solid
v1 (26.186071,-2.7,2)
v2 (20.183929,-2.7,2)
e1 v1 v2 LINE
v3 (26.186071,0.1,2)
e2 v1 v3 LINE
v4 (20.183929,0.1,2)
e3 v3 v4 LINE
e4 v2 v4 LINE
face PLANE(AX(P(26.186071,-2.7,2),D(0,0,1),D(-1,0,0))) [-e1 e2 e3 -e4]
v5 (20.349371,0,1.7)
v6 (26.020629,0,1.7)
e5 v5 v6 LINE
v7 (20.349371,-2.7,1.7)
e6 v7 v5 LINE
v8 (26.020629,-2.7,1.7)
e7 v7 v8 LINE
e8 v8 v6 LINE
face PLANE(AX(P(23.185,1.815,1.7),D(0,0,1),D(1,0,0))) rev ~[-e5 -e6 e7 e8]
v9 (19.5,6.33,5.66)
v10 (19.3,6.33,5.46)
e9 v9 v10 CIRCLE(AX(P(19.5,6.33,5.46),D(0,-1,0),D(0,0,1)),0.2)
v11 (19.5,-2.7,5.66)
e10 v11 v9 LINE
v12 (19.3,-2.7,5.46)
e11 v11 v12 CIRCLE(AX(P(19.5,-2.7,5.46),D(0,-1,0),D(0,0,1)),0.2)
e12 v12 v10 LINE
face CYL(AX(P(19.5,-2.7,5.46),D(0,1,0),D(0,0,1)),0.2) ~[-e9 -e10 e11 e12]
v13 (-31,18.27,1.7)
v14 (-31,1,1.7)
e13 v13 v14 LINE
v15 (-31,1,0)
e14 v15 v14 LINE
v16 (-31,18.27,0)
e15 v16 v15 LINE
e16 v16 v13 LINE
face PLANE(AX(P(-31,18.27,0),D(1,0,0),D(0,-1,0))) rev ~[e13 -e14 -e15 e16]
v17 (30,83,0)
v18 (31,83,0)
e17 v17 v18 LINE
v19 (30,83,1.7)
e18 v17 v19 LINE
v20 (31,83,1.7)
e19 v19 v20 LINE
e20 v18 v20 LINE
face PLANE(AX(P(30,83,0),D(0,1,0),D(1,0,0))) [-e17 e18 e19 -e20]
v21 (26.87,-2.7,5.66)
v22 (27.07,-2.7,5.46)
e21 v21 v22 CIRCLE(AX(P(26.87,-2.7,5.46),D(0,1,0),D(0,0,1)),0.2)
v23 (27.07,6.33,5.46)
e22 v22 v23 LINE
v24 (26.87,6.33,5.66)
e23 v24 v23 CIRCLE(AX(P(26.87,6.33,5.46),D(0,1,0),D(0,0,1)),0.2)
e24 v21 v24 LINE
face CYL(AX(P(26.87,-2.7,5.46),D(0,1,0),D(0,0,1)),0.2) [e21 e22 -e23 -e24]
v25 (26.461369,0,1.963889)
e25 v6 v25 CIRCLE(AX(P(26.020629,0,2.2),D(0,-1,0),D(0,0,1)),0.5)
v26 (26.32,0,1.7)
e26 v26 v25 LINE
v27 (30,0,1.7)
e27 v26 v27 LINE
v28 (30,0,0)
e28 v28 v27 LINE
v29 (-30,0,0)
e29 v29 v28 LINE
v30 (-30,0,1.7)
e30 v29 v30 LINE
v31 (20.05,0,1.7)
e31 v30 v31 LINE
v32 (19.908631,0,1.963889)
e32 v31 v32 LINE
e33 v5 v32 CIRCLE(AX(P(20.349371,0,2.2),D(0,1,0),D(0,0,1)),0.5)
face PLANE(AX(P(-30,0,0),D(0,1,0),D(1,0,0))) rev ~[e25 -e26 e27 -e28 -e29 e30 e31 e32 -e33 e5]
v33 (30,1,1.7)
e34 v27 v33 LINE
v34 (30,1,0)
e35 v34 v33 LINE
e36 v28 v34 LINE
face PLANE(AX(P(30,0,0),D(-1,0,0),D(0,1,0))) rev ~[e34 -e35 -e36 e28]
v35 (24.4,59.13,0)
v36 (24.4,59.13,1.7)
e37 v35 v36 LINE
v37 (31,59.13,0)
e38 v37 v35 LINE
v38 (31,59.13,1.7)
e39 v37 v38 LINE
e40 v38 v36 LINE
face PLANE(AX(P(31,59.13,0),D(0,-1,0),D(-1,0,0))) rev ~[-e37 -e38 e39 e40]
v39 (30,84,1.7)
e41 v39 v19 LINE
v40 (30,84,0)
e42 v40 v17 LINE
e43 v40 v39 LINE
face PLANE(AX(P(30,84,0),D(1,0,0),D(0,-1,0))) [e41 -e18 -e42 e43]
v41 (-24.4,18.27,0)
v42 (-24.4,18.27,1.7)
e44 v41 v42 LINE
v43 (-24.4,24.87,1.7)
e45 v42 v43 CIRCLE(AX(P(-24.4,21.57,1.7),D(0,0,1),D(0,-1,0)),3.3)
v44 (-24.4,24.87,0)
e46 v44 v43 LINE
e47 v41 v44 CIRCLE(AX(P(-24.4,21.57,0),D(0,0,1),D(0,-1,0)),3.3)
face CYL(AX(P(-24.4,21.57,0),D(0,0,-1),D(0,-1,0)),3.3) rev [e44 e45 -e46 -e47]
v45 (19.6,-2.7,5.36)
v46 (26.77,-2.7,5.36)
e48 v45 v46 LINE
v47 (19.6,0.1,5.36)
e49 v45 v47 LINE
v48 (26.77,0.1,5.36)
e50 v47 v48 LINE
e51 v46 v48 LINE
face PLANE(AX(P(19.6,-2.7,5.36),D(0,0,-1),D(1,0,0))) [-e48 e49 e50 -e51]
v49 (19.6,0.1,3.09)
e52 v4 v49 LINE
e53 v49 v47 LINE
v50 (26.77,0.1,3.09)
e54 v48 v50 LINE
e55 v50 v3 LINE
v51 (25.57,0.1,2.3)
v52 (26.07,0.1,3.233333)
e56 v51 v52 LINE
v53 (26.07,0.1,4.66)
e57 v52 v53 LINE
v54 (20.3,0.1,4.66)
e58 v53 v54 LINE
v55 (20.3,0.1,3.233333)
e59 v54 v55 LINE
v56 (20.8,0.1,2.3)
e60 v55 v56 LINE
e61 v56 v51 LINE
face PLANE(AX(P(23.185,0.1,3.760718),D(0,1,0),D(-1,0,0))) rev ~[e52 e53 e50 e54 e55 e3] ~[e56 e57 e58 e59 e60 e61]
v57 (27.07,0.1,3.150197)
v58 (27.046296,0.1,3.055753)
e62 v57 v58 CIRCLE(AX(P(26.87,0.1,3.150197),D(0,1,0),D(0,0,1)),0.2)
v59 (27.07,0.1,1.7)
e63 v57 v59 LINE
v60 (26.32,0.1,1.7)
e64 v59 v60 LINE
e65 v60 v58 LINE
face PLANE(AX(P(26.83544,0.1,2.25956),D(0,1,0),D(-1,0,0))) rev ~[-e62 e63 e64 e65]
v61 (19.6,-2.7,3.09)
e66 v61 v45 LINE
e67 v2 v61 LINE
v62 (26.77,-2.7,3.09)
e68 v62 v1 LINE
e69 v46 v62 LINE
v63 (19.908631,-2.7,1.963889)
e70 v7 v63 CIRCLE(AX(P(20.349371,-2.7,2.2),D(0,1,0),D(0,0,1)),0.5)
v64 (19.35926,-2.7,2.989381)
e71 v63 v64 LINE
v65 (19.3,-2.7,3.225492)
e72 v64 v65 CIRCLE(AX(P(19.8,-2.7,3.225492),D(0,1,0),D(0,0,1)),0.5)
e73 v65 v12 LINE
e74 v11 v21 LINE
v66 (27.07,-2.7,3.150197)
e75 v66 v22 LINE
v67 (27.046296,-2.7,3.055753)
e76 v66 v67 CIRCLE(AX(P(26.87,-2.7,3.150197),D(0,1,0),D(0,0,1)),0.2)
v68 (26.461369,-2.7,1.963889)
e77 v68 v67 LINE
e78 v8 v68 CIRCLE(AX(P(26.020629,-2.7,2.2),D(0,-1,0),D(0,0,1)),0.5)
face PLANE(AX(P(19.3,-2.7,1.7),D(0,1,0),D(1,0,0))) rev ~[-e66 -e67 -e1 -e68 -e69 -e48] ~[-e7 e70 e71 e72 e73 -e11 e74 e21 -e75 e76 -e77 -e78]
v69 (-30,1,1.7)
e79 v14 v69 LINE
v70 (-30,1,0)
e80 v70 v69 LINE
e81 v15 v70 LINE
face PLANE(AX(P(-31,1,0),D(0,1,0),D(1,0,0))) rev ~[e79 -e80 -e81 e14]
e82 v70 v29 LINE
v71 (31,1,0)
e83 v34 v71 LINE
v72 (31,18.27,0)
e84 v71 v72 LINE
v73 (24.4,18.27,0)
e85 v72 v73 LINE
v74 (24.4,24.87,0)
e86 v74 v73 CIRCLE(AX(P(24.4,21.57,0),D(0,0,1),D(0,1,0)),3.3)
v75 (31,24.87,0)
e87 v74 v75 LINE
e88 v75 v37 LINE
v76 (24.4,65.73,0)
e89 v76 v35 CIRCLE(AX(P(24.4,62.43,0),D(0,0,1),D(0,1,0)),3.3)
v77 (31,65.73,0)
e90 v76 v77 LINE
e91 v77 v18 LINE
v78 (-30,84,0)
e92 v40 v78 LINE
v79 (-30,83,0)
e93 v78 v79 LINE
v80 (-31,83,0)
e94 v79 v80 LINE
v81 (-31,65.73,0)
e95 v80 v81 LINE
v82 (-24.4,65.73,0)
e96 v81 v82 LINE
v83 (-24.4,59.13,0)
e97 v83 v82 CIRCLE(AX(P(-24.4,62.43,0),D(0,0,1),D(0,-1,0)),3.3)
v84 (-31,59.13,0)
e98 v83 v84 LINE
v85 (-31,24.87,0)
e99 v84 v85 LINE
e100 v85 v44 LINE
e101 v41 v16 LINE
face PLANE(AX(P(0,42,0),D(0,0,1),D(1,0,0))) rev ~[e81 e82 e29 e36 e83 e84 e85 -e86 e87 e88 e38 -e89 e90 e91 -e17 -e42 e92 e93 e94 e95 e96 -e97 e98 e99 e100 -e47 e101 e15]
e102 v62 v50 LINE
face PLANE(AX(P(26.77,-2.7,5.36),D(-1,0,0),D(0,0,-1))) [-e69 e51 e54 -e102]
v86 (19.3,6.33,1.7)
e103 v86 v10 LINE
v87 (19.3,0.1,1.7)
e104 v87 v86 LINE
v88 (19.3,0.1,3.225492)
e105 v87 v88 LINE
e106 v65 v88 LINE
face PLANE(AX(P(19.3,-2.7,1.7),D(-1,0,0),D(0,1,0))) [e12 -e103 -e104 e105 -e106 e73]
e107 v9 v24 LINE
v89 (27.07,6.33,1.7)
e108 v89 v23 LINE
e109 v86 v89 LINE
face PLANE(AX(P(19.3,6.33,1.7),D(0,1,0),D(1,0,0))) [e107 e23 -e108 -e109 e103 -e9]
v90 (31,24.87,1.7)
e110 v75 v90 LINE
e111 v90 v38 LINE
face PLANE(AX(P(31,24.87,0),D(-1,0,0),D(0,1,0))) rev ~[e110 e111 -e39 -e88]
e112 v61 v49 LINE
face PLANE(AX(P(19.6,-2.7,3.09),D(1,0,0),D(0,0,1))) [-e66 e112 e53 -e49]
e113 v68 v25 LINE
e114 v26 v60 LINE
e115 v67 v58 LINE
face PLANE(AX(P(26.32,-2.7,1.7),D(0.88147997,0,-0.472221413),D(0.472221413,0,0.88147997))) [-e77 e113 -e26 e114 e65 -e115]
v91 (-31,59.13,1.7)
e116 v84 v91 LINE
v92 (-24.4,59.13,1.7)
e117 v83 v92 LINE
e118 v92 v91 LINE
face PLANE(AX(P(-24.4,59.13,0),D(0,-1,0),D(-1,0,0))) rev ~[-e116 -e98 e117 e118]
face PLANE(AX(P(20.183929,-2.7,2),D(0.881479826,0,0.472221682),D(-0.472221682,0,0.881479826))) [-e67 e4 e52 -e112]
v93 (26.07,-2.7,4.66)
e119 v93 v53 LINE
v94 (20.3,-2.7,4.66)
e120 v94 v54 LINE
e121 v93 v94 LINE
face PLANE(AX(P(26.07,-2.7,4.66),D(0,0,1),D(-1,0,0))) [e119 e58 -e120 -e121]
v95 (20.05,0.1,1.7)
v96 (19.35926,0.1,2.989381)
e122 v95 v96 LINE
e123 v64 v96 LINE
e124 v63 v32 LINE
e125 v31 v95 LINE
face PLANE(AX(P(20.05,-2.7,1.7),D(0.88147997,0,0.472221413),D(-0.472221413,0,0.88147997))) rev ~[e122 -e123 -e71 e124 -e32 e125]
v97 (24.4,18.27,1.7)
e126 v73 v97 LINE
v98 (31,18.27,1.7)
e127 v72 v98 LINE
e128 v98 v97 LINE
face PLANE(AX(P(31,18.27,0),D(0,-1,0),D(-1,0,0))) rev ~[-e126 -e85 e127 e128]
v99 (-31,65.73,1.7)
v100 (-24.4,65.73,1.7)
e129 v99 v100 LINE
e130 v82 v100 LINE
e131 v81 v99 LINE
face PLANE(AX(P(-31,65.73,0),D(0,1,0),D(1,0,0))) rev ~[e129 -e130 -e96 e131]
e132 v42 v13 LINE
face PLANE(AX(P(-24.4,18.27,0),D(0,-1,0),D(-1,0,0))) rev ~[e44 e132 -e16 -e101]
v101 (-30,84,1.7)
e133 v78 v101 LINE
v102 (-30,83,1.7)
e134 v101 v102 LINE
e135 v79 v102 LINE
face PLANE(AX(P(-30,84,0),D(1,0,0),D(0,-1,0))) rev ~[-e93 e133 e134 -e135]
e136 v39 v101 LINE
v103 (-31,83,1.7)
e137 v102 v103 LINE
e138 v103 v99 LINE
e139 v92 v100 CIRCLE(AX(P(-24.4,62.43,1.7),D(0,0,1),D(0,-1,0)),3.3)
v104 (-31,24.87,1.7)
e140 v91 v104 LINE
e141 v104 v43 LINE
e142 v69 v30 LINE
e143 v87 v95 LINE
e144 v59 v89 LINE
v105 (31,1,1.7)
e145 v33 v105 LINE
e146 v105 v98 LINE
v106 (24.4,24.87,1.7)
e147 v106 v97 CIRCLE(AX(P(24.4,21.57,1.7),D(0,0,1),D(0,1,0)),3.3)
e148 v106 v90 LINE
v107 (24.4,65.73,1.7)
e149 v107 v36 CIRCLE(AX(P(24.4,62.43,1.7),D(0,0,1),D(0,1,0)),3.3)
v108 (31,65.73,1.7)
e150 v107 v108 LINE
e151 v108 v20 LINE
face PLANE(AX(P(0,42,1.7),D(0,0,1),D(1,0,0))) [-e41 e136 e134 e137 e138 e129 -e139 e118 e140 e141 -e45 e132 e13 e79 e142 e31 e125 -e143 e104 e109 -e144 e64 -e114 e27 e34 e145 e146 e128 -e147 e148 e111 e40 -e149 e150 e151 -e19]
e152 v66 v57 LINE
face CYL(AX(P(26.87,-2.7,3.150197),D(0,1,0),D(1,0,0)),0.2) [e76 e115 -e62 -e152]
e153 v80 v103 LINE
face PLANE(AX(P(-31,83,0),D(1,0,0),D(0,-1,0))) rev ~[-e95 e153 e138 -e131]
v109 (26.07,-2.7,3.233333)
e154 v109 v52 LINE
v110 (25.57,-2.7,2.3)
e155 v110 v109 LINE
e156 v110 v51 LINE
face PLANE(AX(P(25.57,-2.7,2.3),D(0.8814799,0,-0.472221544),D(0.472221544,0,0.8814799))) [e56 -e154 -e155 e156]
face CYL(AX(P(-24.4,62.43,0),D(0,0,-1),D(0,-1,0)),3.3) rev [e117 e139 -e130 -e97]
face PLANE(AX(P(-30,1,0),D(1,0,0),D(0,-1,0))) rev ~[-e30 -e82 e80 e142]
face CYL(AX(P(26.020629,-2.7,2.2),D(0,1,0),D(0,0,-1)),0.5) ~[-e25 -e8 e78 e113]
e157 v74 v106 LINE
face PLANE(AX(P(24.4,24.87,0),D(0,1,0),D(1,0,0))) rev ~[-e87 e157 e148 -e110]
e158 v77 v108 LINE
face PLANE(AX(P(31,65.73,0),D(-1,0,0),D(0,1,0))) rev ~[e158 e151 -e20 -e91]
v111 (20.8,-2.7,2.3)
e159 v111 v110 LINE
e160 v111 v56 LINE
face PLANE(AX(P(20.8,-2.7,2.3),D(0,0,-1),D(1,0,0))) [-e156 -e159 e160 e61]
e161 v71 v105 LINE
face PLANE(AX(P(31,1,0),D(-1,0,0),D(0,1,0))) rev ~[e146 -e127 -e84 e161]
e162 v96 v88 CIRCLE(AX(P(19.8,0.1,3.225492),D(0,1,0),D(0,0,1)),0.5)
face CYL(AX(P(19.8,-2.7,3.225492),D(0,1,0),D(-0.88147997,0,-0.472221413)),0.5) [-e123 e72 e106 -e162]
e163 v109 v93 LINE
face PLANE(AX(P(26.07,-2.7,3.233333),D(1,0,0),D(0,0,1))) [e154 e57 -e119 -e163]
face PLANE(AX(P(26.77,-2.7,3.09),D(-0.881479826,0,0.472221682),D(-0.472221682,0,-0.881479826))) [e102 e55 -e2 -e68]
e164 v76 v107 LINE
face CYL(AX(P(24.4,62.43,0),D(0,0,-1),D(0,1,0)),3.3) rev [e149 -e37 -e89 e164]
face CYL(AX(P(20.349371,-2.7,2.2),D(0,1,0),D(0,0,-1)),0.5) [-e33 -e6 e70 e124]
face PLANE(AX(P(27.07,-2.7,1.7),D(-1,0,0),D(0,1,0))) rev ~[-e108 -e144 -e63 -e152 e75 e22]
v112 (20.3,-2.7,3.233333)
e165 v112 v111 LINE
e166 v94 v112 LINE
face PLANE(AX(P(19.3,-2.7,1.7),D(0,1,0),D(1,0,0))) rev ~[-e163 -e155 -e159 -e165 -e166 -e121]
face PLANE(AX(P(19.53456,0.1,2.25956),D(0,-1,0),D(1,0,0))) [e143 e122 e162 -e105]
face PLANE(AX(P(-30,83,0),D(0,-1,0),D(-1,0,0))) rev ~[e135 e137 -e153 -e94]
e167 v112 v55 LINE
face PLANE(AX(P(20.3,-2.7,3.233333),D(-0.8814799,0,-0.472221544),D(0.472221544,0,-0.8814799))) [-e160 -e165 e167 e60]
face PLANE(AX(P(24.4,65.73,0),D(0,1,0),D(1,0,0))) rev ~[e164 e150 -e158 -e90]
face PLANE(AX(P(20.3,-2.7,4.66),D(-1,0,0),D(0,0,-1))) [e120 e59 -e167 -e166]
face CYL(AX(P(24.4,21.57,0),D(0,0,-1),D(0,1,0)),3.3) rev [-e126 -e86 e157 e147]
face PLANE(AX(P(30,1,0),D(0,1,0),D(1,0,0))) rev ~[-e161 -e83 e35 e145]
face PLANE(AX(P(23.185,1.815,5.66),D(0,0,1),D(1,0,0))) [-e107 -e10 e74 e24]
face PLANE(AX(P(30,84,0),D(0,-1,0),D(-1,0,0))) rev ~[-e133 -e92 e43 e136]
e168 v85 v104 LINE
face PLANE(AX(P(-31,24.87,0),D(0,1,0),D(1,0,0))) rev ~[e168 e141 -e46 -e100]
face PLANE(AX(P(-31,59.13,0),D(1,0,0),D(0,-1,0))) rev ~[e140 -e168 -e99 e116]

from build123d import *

# Parameters (mm, degrees)
PAD_DEPTH    = 1.7
SKETCH005_W  = 7.77
SKETCH005_H  = 9.03
PAD006_DEPTH = 3.96
POCKET_DEPTH = 2.8
FILLET_R     = 0.2
FILLET001_R  = 0.2
FILLET007_R  = 0.2
FILLET008_R  = 0.5
FILLET009_R  = 0.5


with BuildPart() as part:
    # Sketch → Pad (new body)
    with BuildSketch(Plane.XY):
        with BuildLine():
            Line((0, 0), (30, 0))
            Line((30, 0), (30, 1))
            Line((30, 1), (31, 1))
            Line((31, 1), (31, 18.27))
            Line((31, 18.27), (24.4, 18.27))
            ThreePointArc((24.4, 24.87), (21.1, 21.57), (24.4, 18.27))
            Line((24.4, 24.87), (31, 24.87))
            Line((31, 24.87), (31, 59.13))
            Line((31, 59.13), (24.4, 59.13))
            ThreePointArc((24.4, 65.73), (21.1, 62.43), (24.4, 59.13))
            Line((24.4, 65.73), (31, 65.73))
            Line((31, 65.73), (31, 83))
            Line((30, 83), (31, 83))
            Line((30, 84), (30, 83))
            Line((30, 84), (0, 84))
            Line((0, 84), (-30, 84))
            Line((-30, 84), (-30, 83))
            Line((-30, 83), (-31, 83))
            Line((-31, 83), (-31, 65.73))
            Line((-31, 65.73), (-24.4, 65.73))
            ThreePointArc((-24.4, 59.13), (-21.1, 62.43), (-24.4, 65.73))
            Line((-24.4, 59.13), (-31, 59.13))
            Line((-31, 59.13), (-31, 24.87))
            Line((-31, 24.87), (-24.4, 24.87))
            ThreePointArc((-24.4, 18.27), (-21.1, 21.57), (-24.4, 24.87))
            Line((-24.4, 18.27), (-31, 18.27))
            Line((-31, 18.27), (-31, 1))
            Line((-31, 1), (-30, 1))
            Line((-30, 1), (-30, 0))
            Line((-30, 0), (0, 0))
        make_face()
    extrude(amount=PAD_DEPTH)

    # Sketch005 → Pad006 (new body)
    with BuildSketch(Plane.XY.offset(1.7)):
        with Locations((23.185, 1.815)):
            Rectangle(SKETCH005_W, SKETCH005_H)
    extrude(amount=PAD006_DEPTH)

    # Sketch011 → Pocket (cut)
    with BuildSketch(Plane.XZ.offset(2.7)):
        Polygon((19.3, 3.1), (19.3, 1.7), (20.05, 1.7), align=None)
        Polygon((27.07, 3.1), (27.07, 1.7), (26.32, 1.7), align=None)
        Polygon((19.6, 5.36), (26.77, 5.36), (26.77, 3.09), (26.186071, 2), (20.183929, 2), (19.6, 3.09), align=None)
        Polygon((20.3, 4.66), (20.3, 3.233333), (20.8, 2.3), (25.57, 2.3), (26.07, 3.233333), (26.07, 4.66), align=None, mode=Mode.SUBTRACT)
    extrude(amount=-POCKET_DEPTH, mode=Mode.SUBTRACT)

    # Fillet
    fillet_edges = [part.edges().sort_by_distance(p)[0] for p in [
        (27.07, 1.815, 5.66),
    ]]
    fillet(fillet_edges, radius=FILLET_R)

    # Fillet001
    fillet001_edges = [part.edges().sort_by_distance(p)[0] for p in [
        (19.3, 1.815, 5.66),
    ]]
    fillet(fillet001_edges, radius=FILLET001_R)

    # Fillet007
    fillet007_edges = [part.edges().sort_by_distance(p)[0] for p in [
        (27.07, -1.3, 3.1),
    ]]
    fillet(fillet007_edges, radius=FILLET007_R)

    # Fillet008
    fillet008_edges = [part.edges().sort_by_distance(p)[0] for p in [
        (26.32, -1.35, 1.7),
    ]]
    fillet(fillet008_edges, radius=FILLET008_R)

    # Fillet009
    fillet009_edges = [part.edges().sort_by_distance(p)[0] for p in [
        (19.3, -1.3, 3.1),
        (20.05, -1.35, 1.7),
    ]]
    fillet(fillet009_edges, radius=FILLET009_R)


solid = part.part
